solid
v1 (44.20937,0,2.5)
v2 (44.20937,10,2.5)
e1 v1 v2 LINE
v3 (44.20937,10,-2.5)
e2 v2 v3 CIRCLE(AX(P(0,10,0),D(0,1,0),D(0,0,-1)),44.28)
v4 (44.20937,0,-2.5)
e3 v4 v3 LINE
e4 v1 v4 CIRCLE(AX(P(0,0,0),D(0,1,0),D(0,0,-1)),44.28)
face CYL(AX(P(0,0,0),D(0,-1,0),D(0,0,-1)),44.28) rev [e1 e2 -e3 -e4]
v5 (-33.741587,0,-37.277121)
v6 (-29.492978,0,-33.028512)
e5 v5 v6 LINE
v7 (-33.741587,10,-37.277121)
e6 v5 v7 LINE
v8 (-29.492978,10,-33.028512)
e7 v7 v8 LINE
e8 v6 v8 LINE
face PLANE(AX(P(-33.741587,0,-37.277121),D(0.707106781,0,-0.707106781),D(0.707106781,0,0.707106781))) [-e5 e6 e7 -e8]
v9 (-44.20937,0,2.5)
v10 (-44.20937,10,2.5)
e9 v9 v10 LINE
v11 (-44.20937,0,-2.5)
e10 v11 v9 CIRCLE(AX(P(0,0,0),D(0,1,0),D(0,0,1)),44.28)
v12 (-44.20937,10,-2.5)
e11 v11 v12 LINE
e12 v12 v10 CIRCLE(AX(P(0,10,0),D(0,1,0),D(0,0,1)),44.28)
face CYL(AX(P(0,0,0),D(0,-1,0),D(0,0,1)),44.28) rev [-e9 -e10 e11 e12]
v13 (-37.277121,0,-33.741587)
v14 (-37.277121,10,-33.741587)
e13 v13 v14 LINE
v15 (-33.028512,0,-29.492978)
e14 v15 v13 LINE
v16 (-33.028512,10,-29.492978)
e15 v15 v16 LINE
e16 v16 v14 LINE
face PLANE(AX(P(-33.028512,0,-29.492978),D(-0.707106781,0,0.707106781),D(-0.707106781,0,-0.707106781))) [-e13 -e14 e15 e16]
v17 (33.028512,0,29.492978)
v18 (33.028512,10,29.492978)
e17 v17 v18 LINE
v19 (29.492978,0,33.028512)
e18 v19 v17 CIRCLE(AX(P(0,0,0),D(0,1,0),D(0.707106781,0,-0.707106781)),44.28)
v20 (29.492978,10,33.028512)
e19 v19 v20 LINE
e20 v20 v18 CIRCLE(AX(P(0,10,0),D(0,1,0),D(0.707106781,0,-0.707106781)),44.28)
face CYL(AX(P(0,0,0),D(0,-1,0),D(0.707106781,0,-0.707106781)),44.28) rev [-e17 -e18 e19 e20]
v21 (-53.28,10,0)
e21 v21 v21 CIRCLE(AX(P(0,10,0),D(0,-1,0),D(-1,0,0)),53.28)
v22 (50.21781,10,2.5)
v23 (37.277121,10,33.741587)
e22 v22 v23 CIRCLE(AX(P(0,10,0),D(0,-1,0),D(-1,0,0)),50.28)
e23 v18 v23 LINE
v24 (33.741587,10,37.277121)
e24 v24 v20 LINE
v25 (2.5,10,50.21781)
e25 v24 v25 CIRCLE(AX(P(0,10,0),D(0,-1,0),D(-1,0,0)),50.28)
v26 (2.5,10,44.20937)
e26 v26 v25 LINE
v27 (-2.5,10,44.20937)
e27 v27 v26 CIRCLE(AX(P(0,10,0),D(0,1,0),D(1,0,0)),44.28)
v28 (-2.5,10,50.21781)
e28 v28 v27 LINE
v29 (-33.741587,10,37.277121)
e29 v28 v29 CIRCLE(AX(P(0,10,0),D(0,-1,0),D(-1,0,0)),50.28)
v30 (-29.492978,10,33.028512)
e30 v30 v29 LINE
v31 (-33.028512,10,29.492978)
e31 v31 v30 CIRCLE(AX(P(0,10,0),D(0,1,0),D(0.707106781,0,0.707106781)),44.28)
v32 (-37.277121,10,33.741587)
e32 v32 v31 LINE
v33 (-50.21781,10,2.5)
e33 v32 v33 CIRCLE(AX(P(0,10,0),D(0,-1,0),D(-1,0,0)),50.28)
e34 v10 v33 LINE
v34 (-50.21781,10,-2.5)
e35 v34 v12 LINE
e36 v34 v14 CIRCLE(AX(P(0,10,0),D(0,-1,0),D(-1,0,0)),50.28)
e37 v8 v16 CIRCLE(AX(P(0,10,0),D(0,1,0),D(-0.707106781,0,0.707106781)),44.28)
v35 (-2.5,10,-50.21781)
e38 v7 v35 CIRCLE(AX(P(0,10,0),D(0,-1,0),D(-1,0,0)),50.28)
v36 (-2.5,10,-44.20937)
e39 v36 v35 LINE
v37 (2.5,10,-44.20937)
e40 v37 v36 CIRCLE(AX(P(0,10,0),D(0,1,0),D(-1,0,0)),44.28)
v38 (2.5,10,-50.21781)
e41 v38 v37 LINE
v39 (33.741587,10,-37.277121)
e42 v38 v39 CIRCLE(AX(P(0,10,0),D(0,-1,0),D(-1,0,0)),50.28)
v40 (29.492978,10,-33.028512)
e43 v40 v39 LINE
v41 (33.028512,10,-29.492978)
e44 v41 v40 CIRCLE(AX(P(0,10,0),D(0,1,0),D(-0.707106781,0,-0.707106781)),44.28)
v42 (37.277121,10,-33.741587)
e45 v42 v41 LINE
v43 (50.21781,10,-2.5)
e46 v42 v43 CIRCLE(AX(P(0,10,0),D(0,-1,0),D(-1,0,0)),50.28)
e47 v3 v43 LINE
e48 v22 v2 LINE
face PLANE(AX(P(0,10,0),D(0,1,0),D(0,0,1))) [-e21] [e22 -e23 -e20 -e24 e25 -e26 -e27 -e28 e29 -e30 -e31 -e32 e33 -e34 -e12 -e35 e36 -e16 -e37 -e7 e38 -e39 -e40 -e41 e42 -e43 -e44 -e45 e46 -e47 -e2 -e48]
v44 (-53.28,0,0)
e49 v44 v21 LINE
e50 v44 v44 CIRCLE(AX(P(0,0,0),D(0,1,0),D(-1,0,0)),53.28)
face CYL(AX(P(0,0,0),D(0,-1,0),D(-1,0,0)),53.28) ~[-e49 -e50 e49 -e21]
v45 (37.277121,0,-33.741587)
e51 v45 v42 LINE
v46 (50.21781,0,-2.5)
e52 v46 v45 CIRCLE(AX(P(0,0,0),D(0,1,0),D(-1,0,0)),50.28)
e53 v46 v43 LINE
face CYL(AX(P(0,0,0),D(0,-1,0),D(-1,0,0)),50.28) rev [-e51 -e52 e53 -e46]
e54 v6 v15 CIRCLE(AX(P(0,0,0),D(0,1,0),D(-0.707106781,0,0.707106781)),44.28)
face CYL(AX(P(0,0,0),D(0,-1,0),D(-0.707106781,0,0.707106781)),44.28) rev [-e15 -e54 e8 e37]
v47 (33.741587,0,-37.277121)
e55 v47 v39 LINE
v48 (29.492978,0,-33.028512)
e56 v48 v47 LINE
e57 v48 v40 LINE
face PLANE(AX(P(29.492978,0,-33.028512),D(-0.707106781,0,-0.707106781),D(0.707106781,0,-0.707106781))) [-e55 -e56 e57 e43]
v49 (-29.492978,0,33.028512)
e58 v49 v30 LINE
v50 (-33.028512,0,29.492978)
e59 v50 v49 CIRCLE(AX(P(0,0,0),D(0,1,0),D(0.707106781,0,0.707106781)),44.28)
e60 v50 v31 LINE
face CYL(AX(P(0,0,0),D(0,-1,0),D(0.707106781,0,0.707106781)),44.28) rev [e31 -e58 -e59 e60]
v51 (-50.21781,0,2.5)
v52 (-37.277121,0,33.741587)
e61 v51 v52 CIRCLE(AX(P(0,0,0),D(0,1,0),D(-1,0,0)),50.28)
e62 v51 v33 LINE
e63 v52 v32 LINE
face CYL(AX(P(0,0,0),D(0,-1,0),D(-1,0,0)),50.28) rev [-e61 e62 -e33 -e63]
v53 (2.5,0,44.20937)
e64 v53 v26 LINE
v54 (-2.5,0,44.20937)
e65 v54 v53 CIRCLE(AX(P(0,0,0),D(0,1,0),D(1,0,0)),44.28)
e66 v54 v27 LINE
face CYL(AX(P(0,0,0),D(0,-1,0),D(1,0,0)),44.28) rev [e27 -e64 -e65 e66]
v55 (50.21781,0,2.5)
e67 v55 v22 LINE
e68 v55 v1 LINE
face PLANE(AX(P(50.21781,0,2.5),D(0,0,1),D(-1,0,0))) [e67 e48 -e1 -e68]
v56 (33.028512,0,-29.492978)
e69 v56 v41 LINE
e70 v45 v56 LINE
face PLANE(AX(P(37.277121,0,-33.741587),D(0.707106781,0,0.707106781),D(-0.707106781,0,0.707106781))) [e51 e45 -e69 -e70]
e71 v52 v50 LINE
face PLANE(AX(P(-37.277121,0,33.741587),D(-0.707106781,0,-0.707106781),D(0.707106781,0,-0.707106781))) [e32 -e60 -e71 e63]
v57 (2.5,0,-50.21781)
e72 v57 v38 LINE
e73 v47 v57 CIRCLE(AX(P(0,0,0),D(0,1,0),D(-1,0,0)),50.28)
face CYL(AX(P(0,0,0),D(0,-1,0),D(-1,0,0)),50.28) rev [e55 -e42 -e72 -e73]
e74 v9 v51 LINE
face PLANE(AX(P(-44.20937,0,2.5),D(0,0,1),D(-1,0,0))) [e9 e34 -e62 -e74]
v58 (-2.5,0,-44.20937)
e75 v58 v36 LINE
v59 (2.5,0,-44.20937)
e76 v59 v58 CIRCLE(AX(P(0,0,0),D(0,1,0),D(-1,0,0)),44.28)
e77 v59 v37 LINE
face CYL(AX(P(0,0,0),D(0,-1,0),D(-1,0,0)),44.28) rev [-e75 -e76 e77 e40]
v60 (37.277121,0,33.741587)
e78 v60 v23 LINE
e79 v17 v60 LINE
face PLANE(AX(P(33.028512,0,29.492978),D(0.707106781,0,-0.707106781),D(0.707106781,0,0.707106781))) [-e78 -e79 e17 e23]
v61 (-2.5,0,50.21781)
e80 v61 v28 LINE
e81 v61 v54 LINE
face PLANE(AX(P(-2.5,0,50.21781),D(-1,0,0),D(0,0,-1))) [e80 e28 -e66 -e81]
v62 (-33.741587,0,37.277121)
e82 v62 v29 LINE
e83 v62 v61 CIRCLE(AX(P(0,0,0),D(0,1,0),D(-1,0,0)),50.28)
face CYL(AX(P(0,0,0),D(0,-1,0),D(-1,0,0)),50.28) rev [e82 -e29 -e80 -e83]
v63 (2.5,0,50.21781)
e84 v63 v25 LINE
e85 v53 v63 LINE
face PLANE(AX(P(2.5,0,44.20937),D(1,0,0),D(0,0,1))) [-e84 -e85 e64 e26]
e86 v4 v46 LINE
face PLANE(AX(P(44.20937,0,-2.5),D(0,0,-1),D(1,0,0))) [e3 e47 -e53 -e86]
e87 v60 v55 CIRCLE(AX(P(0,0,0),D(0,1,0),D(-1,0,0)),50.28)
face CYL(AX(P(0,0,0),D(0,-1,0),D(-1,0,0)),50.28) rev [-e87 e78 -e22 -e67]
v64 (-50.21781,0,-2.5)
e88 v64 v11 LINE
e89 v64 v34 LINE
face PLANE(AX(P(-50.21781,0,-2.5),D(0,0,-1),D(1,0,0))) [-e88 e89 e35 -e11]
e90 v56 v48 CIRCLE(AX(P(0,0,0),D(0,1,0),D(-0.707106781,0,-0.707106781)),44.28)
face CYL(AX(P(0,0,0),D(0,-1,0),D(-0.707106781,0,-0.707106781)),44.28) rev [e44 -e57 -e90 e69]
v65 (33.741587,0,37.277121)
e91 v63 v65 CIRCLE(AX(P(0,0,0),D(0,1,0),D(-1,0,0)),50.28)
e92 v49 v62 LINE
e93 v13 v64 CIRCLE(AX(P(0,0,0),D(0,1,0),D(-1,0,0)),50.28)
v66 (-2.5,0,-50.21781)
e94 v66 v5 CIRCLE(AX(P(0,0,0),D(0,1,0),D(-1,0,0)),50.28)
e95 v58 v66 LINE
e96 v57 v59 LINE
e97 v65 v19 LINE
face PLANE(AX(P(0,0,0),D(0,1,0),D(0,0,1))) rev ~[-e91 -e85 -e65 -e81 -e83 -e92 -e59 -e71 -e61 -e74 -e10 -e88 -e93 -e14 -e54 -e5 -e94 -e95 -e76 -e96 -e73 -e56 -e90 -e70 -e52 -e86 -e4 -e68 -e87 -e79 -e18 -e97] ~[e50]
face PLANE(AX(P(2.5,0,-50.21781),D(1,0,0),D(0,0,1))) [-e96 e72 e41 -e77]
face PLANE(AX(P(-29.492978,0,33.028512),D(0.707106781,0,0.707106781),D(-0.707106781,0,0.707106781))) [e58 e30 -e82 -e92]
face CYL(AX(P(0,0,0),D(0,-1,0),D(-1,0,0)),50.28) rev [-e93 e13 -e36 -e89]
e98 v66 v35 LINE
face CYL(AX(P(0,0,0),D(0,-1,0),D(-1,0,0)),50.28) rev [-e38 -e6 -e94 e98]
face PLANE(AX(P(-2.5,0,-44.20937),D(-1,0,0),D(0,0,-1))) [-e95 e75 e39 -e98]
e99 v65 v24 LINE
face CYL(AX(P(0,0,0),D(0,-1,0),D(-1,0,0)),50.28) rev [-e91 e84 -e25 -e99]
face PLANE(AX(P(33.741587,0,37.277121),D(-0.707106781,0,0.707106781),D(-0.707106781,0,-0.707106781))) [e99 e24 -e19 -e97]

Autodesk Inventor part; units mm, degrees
ref_plane "YZ Plane" through (0, 0, 0) normal (1, 0, 0) x (0, 1, 0)
ref_plane "XZ Plane" through (0, 0, 0) normal (0, 1, 0) x (-1, 0, 0)
ref_plane "XY Plane" through (0, 0, 0) normal (0, 0, 1) x (1, 0, 0)
sketch "Sketch1" plane through (0, 0, 0) normal (0, 1, 0) x (-1, 0, 0)
  circle A0 centre (0, 0) radius 43.28 construction
  circle A1 centre (0, 0) radius 44.28
  circle A2 centre (0, 0) radius 50.28
  circle A3 centre (0, 0) radius 53.28
  line L0 (2.5, -53.28) -> (-2.5, -53.28)
  line L1 (-2.5, -53.28) -> (-2.5, 0)
  line L2 (-2.5, 0) -> (2.5, 0)
  line L3 (2.5, 0) -> (2.5, -53.28)
  point P0 (0, -53.28)
  point P1 (-2.5, -50.2178)
  point P2 (2.5, -50.2178)
  point P3 (2.5, -44.2094)
  point P4 (-2.5, -44.2094)
  dimension "d0" = 86.56
  dimension "d1" = 1
  dimension "d2" = 6
  dimension "d3" = 3
  dimension "d4" = 5
extrude "Extrusion1" add sketch "Sketch1" along normal blind 10 contours L1 A3 L3 A2 | A2 L3 A3 L1
extrude "Extrusion2" add sketch "Sketch1" along normal blind 10 contours A1 L3 A2 L1 picked at (-1.9446, -46.2331)
pattern_circular "Circular Pattern1" count 8 over 360 about axis through (0, -10, 0) along (0, 1, 0) of "Extrusion2"
properties part number "STI Hybrid 98 Cooling Shroud Upper Section Prototype_3DPrint"
